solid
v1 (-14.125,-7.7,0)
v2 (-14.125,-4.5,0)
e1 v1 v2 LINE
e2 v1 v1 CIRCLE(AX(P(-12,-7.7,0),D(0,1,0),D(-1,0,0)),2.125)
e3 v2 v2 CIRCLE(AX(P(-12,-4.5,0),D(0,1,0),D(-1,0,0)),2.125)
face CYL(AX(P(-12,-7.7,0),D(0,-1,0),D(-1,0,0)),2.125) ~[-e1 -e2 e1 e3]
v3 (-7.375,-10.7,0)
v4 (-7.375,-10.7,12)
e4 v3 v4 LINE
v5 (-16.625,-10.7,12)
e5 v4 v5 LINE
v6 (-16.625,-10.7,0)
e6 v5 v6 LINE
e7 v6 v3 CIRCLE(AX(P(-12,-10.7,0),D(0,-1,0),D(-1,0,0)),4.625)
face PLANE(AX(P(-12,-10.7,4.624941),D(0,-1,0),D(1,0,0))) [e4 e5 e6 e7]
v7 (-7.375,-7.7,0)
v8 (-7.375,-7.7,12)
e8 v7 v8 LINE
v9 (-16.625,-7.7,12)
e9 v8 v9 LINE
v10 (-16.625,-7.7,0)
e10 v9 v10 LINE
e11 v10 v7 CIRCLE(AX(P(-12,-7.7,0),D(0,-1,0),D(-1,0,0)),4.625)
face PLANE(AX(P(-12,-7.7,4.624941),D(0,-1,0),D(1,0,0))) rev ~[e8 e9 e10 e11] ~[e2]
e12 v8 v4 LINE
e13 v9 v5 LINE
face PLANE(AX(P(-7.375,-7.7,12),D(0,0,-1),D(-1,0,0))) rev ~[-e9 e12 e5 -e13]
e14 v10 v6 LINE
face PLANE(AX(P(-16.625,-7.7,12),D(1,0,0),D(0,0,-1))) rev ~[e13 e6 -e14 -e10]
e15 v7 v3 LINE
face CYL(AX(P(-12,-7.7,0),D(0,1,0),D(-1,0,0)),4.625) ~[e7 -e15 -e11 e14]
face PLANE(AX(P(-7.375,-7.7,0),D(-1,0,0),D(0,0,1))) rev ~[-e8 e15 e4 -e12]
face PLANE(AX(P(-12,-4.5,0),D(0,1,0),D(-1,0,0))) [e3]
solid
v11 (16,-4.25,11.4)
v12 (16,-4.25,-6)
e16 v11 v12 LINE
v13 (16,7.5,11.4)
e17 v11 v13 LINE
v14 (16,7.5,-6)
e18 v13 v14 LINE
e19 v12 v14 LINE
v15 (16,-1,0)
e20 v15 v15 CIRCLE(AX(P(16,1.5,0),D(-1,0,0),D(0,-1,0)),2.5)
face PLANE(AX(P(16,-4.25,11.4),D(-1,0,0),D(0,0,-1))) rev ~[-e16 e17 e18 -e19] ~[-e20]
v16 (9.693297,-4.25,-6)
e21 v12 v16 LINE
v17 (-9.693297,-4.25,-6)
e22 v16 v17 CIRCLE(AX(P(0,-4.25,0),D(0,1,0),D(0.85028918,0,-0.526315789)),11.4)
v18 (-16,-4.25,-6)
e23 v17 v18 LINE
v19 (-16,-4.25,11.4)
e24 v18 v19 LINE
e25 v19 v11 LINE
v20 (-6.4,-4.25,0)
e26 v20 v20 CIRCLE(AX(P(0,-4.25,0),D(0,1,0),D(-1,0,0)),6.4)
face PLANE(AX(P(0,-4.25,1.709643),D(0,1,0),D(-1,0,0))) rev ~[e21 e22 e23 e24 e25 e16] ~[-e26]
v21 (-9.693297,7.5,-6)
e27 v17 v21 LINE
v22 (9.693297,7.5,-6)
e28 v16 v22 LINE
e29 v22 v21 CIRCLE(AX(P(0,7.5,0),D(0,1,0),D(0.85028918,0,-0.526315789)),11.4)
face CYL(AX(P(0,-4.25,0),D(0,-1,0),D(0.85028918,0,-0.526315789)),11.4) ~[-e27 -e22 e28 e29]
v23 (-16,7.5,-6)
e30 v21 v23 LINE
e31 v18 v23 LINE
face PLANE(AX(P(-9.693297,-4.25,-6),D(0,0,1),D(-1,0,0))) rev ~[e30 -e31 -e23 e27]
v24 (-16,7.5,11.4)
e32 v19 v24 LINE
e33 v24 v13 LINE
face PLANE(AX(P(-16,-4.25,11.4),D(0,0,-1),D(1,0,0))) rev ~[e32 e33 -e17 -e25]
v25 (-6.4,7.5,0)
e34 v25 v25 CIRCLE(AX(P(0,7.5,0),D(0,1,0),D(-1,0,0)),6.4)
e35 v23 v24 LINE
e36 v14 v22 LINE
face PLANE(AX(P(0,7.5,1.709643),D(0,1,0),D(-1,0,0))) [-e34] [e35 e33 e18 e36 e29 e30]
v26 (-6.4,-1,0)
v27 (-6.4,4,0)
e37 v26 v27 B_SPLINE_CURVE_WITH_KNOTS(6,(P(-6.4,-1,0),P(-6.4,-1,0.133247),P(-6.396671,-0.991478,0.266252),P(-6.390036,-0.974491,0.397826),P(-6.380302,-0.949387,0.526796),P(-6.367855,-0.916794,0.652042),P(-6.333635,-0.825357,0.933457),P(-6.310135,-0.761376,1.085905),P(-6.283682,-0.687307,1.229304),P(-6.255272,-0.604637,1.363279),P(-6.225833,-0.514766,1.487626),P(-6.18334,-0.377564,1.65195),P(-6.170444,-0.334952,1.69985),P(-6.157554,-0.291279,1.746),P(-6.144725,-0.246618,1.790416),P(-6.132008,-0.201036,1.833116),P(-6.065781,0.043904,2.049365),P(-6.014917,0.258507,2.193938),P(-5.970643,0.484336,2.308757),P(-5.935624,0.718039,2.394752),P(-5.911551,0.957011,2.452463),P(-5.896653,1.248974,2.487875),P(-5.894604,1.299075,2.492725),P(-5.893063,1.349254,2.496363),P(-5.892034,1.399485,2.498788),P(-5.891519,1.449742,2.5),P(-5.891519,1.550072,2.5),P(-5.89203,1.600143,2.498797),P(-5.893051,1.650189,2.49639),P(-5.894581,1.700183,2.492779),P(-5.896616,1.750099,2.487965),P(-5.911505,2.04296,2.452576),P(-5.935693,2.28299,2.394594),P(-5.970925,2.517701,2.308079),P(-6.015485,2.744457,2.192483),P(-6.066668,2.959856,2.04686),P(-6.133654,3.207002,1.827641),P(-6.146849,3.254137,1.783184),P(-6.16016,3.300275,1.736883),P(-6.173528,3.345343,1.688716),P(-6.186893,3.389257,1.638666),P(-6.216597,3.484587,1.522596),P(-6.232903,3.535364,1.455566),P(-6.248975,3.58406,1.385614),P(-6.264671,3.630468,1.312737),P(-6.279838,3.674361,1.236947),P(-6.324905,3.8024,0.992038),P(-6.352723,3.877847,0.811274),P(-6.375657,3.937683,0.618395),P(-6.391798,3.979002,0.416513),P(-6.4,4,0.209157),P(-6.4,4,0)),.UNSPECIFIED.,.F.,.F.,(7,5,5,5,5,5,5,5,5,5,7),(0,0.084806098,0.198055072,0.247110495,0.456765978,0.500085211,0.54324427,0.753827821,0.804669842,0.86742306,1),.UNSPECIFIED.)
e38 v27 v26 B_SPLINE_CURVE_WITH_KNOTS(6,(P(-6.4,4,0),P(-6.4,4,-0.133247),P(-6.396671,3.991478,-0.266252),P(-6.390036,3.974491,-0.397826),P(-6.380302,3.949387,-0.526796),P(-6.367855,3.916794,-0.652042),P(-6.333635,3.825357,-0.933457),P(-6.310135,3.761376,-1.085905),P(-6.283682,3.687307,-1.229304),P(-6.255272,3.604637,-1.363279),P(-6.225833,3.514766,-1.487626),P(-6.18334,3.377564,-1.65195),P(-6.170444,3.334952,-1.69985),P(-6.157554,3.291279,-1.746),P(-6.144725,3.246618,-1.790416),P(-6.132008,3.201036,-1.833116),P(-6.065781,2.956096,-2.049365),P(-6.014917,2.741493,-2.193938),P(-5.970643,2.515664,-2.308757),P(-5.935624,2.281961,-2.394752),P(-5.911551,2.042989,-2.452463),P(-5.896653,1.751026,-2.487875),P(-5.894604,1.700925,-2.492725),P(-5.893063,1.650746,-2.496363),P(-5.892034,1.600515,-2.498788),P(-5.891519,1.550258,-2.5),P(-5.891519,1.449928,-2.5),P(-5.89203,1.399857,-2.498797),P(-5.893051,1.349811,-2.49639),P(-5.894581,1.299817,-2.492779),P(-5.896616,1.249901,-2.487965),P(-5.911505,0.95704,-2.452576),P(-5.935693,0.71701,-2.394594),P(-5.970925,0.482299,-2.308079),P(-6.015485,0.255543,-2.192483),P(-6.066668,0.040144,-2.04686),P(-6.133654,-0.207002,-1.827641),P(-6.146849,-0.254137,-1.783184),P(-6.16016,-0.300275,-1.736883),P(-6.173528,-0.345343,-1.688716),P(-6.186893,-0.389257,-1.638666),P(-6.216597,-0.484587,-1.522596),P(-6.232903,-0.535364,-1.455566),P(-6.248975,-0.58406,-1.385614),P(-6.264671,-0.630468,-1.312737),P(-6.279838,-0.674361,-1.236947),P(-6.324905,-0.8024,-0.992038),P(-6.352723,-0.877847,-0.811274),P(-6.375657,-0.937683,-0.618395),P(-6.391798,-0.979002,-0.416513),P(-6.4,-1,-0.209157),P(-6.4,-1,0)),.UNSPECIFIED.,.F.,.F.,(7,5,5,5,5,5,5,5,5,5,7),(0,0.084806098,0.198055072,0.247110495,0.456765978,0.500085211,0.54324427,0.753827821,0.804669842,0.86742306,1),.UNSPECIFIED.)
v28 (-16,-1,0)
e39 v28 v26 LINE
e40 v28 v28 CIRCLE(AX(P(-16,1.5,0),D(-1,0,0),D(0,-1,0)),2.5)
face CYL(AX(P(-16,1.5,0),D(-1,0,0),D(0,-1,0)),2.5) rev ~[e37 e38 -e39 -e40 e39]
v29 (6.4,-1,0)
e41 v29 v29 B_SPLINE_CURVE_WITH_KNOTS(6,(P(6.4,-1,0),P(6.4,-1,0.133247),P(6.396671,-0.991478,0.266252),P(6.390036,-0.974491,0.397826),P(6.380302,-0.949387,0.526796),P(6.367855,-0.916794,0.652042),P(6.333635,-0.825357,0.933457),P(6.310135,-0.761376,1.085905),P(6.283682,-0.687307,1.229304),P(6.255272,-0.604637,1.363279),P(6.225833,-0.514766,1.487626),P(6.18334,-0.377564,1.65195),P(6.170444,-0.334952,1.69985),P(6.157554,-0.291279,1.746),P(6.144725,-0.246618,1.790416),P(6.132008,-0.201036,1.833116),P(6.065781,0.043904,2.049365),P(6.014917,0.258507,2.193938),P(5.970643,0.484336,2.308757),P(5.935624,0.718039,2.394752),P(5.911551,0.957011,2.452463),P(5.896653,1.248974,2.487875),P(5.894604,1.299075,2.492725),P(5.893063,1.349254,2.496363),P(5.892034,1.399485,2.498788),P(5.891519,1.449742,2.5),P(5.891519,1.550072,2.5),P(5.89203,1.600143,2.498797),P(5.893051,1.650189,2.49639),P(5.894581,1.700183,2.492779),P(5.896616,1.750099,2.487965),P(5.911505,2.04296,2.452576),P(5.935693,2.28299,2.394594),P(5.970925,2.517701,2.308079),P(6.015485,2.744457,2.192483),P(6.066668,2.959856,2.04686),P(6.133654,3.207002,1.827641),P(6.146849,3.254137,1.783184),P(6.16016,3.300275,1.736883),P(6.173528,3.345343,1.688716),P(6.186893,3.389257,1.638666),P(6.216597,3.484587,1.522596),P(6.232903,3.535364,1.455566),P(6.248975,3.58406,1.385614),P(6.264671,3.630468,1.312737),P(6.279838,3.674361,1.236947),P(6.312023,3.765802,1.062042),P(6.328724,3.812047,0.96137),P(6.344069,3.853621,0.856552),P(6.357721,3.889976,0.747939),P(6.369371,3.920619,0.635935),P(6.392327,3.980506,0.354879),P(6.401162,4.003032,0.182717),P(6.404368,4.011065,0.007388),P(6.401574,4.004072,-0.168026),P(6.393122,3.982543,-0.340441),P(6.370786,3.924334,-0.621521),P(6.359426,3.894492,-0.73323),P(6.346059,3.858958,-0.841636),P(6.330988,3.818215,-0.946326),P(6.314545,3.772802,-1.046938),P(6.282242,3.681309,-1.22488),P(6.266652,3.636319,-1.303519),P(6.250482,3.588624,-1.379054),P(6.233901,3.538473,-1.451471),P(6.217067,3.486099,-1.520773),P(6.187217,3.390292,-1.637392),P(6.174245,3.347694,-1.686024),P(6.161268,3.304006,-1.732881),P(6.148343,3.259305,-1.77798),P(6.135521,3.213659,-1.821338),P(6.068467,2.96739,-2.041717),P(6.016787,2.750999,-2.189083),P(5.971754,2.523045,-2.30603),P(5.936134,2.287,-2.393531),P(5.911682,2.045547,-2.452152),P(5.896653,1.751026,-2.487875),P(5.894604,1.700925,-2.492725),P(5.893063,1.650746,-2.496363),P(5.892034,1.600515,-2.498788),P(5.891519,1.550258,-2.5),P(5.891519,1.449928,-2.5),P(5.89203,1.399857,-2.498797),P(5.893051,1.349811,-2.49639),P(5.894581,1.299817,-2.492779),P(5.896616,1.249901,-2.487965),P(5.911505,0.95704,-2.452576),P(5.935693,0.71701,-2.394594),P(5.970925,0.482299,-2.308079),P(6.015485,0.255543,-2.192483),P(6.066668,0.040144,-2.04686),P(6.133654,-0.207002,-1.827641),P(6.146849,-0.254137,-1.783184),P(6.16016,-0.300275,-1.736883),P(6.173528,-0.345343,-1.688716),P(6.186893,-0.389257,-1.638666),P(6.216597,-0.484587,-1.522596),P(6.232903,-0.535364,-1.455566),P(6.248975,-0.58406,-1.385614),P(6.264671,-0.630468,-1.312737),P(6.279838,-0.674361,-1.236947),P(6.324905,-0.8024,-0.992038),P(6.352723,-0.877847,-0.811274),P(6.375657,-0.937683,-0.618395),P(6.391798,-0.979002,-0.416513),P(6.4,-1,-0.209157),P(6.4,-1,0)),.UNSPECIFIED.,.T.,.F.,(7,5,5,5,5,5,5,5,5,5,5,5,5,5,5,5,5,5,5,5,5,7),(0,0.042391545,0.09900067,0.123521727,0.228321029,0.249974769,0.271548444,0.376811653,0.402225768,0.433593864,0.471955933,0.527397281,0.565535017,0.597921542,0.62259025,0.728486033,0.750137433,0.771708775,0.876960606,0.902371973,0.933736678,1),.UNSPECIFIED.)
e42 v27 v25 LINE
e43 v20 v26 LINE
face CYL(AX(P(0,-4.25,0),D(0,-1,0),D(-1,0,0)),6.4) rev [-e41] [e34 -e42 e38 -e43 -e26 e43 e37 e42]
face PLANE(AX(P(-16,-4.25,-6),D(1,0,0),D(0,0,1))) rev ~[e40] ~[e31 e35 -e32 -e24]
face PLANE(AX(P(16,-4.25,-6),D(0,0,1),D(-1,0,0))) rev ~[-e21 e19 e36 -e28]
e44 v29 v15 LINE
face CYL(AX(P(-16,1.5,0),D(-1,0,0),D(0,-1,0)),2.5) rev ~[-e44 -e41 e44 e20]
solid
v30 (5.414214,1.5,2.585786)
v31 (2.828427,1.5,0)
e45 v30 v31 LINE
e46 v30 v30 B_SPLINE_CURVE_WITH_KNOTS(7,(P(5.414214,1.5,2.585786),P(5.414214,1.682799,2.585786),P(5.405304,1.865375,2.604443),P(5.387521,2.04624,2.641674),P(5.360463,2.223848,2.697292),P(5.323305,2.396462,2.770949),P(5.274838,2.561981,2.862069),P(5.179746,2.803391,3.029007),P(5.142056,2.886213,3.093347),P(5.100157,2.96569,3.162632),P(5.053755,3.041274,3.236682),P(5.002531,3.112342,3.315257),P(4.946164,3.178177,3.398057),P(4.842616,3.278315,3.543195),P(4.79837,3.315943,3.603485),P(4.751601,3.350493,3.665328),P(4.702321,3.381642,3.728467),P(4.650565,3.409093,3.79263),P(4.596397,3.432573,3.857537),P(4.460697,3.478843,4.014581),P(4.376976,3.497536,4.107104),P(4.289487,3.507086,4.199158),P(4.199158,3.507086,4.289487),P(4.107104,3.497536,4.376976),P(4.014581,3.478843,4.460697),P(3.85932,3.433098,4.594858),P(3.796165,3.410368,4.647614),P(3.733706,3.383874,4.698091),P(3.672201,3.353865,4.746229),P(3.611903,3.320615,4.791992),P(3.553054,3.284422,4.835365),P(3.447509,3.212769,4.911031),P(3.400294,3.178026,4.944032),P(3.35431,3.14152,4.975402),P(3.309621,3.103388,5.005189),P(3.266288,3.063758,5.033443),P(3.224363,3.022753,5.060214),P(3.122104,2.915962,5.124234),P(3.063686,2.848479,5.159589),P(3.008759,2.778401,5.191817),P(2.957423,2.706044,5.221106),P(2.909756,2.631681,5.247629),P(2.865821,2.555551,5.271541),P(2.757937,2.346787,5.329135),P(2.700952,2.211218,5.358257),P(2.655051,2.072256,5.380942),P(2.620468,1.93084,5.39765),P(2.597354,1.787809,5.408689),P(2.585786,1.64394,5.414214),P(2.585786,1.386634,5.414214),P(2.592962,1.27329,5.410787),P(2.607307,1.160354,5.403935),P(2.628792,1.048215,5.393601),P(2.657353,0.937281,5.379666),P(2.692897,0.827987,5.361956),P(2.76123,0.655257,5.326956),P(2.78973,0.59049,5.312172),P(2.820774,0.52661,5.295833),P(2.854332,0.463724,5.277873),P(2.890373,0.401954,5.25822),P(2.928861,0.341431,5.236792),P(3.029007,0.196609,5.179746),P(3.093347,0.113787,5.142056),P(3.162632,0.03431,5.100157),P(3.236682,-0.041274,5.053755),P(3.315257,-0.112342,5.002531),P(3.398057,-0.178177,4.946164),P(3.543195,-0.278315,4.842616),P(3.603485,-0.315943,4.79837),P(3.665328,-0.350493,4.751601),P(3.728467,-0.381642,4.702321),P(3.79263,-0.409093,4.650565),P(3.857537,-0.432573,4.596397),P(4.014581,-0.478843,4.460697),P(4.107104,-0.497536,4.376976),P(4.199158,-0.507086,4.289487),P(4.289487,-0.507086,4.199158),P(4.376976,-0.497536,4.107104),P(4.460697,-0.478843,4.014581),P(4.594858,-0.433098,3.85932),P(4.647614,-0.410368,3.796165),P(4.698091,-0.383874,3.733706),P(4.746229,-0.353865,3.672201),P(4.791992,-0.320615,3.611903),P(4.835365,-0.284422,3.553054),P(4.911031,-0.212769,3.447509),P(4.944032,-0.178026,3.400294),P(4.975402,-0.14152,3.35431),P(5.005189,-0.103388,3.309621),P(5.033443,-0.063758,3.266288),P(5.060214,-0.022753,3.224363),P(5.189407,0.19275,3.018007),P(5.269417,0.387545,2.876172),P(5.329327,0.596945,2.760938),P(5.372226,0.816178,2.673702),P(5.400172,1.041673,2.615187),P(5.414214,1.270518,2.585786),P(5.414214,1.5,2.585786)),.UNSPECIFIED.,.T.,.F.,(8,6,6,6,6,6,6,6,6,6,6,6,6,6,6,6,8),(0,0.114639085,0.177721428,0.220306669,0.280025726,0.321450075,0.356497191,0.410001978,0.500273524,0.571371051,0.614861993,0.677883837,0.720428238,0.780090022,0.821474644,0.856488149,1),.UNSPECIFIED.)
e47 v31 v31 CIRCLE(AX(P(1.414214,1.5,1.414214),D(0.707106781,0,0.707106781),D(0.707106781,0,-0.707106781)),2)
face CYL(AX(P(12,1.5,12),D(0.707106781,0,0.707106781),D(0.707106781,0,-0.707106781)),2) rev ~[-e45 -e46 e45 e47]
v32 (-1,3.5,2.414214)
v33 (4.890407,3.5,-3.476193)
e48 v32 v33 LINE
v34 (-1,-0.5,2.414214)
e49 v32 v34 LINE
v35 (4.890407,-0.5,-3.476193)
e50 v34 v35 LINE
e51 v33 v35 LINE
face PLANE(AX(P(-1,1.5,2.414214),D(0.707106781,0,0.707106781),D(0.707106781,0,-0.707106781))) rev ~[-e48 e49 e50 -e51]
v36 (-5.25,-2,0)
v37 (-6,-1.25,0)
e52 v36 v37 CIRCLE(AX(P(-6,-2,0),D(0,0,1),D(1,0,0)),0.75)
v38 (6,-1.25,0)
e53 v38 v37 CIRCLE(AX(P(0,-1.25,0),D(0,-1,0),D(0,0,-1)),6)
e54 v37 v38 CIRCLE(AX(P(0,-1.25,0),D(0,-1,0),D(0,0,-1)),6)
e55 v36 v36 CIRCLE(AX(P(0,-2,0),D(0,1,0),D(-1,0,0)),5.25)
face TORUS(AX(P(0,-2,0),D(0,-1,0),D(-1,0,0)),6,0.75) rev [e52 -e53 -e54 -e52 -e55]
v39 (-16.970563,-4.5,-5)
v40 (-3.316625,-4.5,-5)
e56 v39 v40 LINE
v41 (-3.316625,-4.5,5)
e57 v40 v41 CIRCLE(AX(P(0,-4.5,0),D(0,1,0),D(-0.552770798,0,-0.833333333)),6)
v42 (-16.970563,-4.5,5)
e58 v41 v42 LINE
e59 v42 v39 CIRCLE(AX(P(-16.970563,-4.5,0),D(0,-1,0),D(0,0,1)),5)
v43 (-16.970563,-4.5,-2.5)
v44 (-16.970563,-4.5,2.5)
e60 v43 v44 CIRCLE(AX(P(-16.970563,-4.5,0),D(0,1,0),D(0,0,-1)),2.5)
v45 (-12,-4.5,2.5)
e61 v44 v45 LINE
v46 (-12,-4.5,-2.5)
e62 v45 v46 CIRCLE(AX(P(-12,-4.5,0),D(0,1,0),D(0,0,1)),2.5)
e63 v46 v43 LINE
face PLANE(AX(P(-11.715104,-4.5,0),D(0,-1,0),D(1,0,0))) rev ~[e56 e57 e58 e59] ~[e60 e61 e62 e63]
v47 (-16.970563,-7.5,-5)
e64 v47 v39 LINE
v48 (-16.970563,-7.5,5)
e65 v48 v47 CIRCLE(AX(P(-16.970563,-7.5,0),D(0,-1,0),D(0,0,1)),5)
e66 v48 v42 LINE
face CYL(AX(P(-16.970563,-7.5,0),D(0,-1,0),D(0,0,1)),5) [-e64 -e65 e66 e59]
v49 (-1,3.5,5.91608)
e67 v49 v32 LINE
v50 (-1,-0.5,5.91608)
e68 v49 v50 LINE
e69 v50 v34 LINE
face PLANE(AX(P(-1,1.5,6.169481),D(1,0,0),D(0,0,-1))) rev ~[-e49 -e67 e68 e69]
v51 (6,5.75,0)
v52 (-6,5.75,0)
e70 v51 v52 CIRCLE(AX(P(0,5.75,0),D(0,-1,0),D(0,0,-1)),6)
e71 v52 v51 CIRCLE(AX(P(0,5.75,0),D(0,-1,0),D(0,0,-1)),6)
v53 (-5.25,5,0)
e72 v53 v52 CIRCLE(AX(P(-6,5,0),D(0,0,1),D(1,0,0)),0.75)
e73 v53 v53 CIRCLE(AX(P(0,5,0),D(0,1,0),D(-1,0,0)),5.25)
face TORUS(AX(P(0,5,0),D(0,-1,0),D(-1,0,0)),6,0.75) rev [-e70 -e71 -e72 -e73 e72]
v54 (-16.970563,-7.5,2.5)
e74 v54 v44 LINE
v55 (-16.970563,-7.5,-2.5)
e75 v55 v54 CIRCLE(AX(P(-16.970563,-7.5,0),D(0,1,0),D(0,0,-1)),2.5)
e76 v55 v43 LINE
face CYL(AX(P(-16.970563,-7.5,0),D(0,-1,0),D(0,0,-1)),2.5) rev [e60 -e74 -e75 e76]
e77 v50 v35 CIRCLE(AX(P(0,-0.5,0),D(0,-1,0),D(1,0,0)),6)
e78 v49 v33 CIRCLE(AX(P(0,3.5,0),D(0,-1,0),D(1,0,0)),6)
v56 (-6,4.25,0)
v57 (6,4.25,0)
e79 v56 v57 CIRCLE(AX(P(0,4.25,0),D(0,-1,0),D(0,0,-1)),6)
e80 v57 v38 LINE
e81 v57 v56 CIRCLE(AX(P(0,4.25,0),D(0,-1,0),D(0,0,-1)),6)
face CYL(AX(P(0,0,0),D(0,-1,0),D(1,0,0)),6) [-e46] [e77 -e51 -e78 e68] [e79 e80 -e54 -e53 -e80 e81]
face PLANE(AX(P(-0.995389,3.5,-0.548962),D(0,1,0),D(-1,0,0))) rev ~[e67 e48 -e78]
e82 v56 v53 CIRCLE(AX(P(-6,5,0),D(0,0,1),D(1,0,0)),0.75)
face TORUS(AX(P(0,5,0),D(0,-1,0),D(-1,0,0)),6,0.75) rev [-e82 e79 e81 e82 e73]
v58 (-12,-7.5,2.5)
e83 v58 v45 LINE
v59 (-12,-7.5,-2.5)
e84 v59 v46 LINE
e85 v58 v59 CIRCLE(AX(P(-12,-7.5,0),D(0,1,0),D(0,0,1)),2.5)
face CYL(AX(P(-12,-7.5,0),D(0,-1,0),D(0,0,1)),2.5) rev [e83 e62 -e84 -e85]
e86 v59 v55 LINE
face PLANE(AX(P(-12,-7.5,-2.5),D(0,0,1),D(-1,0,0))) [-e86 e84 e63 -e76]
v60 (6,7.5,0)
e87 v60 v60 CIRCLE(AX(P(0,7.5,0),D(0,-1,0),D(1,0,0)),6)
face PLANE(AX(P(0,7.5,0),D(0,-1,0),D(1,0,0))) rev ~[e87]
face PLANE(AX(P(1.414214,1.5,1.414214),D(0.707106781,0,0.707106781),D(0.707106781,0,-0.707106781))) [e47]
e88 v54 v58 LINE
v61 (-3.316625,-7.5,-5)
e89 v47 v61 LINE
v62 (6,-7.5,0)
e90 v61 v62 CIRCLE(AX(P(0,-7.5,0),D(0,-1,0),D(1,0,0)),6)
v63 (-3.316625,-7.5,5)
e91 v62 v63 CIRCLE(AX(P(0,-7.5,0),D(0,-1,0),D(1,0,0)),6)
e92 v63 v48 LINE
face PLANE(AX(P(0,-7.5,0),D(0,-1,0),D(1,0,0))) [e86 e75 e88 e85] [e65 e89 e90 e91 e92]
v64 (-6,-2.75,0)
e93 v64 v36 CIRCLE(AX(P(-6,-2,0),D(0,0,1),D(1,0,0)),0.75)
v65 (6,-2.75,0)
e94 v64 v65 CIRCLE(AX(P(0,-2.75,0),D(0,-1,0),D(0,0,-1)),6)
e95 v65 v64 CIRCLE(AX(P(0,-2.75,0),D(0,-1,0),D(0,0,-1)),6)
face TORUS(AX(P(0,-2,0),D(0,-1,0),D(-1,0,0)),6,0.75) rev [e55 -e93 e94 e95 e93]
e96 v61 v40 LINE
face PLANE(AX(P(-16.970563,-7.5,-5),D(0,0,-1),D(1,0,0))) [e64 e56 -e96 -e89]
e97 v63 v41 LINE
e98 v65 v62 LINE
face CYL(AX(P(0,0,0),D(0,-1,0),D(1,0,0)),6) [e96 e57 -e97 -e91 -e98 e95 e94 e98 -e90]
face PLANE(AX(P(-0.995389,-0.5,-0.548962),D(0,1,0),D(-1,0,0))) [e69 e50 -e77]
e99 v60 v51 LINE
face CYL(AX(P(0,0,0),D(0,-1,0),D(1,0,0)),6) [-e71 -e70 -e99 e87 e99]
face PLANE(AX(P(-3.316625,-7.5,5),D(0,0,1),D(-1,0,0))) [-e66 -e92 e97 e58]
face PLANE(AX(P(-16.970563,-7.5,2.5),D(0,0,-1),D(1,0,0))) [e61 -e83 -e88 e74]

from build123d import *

# Parameters (mm, degrees)
F0_R      = 6
F1_DEPTH  = 7.5
F4_DEPTH  = 3
F6_R      = 2
F9_DEPTH  = 14.9705627485
F10_R     = 0.75
F14_DEPTH = 3
F15_R     = 2.125
F16_DEPTH = 3.2
F19_DEPTH = 2
F21_R     = 6.4
F22_DEPTH = 11.75
F23_R     = 2.5
F24_DEPTH = 32.001


with BuildPart() as f1:
    # F0 (on Front) → F1 (new body, symmetric)
    with BuildSketch(Plane.XZ):
        Circle(F0_R)
    extrude(amount=F1_DEPTH, both=True)

    # F3 (on face) → F4 (join)
    with BuildSketch(Plane.XZ.offset(7.5)):
        with BuildLine():
            Line((-3.3166247904, 5), (-16.9705627485, 5))
            ThreePointArc((-16.9705627485, 5), (-21.9705627485, 0), (-16.9705627485, -5))
            Line((-16.9705627485, -5), (-3.3166247904, -5))
            ThreePointArc((-3.3166247904, -5), (-6, 0), (-3.3166247904, 5))
        make_face()
        with BuildLine():
            ThreePointArc((-16.9705627485, -2.5), (-19.4705627485, 0), (-16.9705627485, 2.5))
            Line((-16.9705627485, 2.5), (-12, 2.5))
            ThreePointArc((-12, 2.5), (-9.5, 0), (-12, -2.5))
            Line((-12, -2.5), (-16.9705627485, -2.5))
        make_face(mode=Mode.SUBTRACT)
    extrude(amount=-F4_DEPTH)

    # F6 (on line) → F9 (cut, through all)
    with BuildSketch(Plane(origin=(12, 0, 12), x_dir=(0.7071067812, 0, -0.7071067812), z_dir=(0.7071067812, 0, 0.7071067812))):
        with Locations((0, 1.5)):
            Circle(F6_R)
    extrude(amount=-F9_DEPTH, mode=Mode.SUBTRACT)

    # F10 (on Top) → F11 (revolve, cut)
    with BuildSketch(Plane.XY):
        with Locations((-6, 5)):
            Circle(F10_R)
        with Locations((-6, -2)):
            Circle(F10_R)
    revolve(axis=Axis((0, 3.3465889492, 0), (0, 1, 0)), mode=Mode.SUBTRACT)

    # F18 (on offset) → F19 (cut, symmetric)
    with BuildSketch(Plane(origin=(0, 1.5, 0), x_dir=(-1, 0, 0), z_dir=(0, 1, 0))):
        with BuildLine():
            ThreePointArc((-5.0695888728, -3.6553753105), (5.3171741035, -3.2848378275), (1, 6.1694813396))
            Line((1, 6.1694813396), (1, 2.4142135624))
            Line((1, 2.4142135624), (-5.0695888728, -3.6553753105))
        make_face()
    extrude(amount=F19_DEPTH, both=True, mode=Mode.SUBTRACT)


with BuildPart() as f14:
    # F13 (on offset) → F14 (new body)
    with BuildSketch(Plane.XZ.offset(7.7)):
        with BuildLine():
            Line((-7.375, 12), (-16.625, 12))
            Line((-16.625, 12), (-16.625, 0))
            ThreePointArc((-16.625, 0), (-12, -4.625), (-7.375, 0))
            Line((-7.375, 0), (-7.375, 12))
        make_face()
    extrude(amount=F14_DEPTH)

    # F15 (on face) → F16 (join)
    with BuildSketch(Plane(origin=(0, -7.7, 0), x_dir=(-1, 0, 0), z_dir=(0, 1, 0))):
        with Locations((12, 0)):
            Circle(F15_R)
    extrude(amount=F16_DEPTH)


with BuildPart() as f22:
    # F21 (on offset) → F22 (new body, through all)
    with BuildSketch(Plane(origin=(0, -4.25, 0), x_dir=(-1, 0, 0), z_dir=(0, 1, 0))):
        with BuildLine():
            Line((16, 11.4), (-16, 11.4))
            Line((-16, 11.4), (-16, -6))
            Line((-16, -6), (-9.6932966528, -6))
            ThreePointArc((-9.6932966528, -6), (0, -11.4), (9.6932966528, -6))
            Line((9.6932966528, -6), (16, -6))
            Line((16, -6), (16, 11.4))
        make_face()
        Circle(F21_R, mode=Mode.SUBTRACT)
    extrude(amount=F22_DEPTH)

    # F23 (on face) → F24 (cut, through all)
    with BuildSketch(Plane(origin=(-16, 0, 0), x_dir=(0, -1, 0), z_dir=(-1, 0, 0))):
        with Locations((-1.5, 0)):
            Circle(F23_R)
    extrude(amount=-F24_DEPTH, mode=Mode.SUBTRACT)


solid = Compound([f1.part, f14.part, f22.part])
